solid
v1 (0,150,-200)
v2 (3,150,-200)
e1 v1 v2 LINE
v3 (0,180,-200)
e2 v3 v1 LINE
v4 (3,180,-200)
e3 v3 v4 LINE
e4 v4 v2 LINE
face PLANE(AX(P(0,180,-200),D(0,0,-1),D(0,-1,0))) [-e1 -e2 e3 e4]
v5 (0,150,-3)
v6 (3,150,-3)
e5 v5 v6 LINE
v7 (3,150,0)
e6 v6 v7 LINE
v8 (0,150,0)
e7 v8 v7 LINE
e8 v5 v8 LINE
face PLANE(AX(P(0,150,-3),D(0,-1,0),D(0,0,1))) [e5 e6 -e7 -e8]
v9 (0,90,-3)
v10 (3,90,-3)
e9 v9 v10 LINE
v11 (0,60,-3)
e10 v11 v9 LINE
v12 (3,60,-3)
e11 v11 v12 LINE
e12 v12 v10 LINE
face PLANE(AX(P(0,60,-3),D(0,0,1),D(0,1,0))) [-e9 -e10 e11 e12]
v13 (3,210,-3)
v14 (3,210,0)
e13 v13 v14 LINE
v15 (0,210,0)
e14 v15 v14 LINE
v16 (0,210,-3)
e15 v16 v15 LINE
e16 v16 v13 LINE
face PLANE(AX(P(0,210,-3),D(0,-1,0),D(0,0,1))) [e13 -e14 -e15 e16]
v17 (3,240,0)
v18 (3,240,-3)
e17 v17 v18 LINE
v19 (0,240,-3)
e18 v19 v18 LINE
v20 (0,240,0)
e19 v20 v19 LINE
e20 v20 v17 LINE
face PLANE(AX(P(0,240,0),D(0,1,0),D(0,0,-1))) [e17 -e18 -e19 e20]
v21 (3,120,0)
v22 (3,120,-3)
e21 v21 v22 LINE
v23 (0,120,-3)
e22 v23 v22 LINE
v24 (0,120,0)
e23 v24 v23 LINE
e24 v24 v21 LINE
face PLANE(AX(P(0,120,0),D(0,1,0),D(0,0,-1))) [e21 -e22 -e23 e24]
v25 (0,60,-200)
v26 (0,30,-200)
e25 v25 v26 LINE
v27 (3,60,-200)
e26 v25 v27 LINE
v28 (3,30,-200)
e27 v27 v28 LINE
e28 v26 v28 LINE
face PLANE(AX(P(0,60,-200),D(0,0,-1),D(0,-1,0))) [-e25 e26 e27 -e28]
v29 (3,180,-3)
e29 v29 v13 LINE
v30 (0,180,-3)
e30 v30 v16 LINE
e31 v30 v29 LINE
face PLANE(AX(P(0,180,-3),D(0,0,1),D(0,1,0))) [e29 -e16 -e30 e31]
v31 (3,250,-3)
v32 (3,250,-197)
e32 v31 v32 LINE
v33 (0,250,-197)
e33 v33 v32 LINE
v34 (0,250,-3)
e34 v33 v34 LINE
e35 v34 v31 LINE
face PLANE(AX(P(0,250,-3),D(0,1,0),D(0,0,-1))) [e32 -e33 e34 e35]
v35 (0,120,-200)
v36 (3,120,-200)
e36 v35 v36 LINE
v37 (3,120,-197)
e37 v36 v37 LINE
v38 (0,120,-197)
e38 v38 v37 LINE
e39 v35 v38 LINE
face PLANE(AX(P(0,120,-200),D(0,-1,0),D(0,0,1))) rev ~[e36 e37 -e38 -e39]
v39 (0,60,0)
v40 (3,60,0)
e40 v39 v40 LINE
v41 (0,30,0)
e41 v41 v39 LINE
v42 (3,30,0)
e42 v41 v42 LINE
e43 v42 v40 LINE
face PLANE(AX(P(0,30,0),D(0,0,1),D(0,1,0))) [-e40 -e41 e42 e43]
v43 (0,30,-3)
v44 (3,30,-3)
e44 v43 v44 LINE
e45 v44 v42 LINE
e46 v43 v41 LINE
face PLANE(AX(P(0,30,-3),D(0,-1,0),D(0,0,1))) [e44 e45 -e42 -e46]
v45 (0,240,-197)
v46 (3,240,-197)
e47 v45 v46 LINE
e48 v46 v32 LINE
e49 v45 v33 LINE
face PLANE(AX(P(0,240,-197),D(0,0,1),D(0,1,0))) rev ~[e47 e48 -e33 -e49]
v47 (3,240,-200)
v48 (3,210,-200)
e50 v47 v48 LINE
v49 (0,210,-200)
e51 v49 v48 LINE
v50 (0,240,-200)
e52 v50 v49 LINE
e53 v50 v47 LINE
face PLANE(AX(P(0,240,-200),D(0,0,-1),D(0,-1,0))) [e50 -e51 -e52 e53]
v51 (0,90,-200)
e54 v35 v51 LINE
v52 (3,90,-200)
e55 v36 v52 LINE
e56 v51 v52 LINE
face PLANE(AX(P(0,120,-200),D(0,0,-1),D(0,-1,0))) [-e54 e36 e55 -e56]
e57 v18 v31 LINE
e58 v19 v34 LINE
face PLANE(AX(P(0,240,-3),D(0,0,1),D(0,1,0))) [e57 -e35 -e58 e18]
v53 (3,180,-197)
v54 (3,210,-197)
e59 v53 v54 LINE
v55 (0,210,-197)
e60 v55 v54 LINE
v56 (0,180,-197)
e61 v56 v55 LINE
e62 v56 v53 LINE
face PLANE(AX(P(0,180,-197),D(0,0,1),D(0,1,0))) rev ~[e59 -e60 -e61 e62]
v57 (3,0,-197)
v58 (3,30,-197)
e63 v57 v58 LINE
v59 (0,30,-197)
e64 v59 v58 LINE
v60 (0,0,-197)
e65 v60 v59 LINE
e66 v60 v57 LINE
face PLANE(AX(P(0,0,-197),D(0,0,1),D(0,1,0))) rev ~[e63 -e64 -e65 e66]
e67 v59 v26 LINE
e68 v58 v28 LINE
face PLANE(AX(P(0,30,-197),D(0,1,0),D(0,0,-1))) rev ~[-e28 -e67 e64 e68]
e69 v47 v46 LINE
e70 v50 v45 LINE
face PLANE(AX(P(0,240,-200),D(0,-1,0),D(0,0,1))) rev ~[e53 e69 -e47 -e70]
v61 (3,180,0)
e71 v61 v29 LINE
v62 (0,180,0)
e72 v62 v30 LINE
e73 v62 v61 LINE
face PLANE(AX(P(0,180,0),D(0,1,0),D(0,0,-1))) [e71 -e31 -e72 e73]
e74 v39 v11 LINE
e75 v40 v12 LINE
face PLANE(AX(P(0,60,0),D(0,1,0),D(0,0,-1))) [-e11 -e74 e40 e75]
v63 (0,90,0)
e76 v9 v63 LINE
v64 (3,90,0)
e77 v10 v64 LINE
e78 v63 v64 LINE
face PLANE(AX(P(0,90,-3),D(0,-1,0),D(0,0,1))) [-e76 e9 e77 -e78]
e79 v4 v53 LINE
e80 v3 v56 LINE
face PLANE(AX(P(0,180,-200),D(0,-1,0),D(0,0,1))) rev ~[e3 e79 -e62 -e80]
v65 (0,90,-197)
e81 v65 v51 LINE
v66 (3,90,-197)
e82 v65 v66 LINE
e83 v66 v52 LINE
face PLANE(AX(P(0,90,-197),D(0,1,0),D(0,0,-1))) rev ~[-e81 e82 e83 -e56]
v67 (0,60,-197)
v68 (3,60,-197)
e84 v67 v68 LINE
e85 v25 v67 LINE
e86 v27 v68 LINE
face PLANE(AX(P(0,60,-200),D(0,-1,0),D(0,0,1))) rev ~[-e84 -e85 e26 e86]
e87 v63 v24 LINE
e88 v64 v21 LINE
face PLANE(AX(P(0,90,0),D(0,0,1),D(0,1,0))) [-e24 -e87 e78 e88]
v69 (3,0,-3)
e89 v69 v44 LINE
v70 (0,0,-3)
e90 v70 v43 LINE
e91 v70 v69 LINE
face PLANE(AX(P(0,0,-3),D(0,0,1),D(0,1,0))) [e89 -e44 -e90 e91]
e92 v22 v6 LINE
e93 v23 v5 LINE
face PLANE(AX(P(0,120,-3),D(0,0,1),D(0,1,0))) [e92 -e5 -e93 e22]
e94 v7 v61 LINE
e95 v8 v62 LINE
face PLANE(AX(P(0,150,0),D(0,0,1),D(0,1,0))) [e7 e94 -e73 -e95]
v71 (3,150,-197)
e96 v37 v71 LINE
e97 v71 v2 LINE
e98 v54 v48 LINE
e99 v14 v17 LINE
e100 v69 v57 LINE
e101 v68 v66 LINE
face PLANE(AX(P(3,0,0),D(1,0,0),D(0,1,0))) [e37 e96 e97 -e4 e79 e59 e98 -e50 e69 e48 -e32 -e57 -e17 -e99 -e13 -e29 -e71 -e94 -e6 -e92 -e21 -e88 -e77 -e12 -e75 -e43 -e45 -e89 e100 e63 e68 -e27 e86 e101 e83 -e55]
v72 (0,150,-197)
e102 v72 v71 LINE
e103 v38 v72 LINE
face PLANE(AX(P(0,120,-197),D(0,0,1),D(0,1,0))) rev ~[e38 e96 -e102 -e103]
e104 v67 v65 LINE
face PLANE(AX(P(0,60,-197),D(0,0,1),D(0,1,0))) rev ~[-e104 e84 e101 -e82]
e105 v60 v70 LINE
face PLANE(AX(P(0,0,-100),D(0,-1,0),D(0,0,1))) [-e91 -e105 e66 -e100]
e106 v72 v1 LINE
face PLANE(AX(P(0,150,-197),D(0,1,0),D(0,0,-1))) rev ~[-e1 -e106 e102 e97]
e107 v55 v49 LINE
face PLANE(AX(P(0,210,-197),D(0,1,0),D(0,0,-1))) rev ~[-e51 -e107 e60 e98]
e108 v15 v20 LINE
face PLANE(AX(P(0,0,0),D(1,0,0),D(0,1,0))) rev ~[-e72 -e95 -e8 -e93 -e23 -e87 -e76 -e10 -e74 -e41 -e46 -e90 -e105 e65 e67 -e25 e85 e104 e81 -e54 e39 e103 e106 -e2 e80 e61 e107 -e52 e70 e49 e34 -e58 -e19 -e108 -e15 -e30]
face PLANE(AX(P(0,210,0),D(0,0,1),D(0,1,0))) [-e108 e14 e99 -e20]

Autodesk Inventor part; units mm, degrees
ref_plane "YZ Plane" through (0, 0, 0) normal (1, 0, 0) x (0, 1, 0)
ref_plane "XZ Plane" through (0, 0, 0) normal (0, 1, 0) x (-1, 0, 0)
ref_plane "XY Plane" through (0, 0, 0) normal (0, 0, 1) x (1, 0, 0)
sketch "Sketch2" plane through (0, 0, 0) normal (1, 0, 0) x (0, 1, 0)
  line L0 (250, 0) -> (250, -200)
  line L1 (250, -200) -> (0, -200)
  line L2 (0, -200) -> (0, 0)
  line L3 (0, 0) -> (0, -3)
  line L4 (0, -3) -> (30, -3)
  line L5 (30, -3) -> (30, 0)
  line L6 (30, 0) -> (60, 0)
  line L7 (60, 0) -> (60, -3)
  line L8 (60, -3) -> (90, -3)
  line L9 (90, -3) -> (90, 0)
  line L10 (90, 0) -> (120, 0)
  line L11 (120, 0) -> (120, -3)
  line L12 (120, -3) -> (150, -3)
  line L13 (150, -3) -> (150, 0)
  line L14 (150, 0) -> (180, 0)
  line L15 (180, 0) -> (180, -3)
  line L16 (180, -3) -> (210, -3)
  line L17 (210, -3) -> (210, 0)
  line L18 (210, 0) -> (240, 0)
  line L19 (240, 0) -> (240, -3)
  line L20 (240, -3) -> (250, -3)
  line L21 (0, -100) -> (250, -100)
  line L22 (0, -197) -> (30, -197)
  line L23 (30, -197) -> (30, -200)
  line L24 (30, -200) -> (60, -200)
  line L25 (60, -200) -> (60, -197)
  line L26 (60, -197) -> (90, -197)
  line L27 (90, -197) -> (90, -200)
  line L28 (90, -200) -> (120, -200)
  line L29 (120, -200) -> (120, -197)
  line L30 (120, -197) -> (150, -197)
  line L31 (150, -197) -> (150, -200)
  line L32 (150, -200) -> (180, -200)
  line L33 (180, -200) -> (180, -197)
  line L34 (180, -197) -> (210, -197)
  line L35 (210, -197) -> (210, -200)
  line L36 (210, -200) -> (240, -200)
  line L37 (240, -200) -> (240, -197)
  line L38 (240, -197) -> (250, -197)
  dimension "d44" = 200
  dimension "d45" = 250
  dimension "d46" = 3
  dimension "d47" = 30
  dimension "d48" = 3
  dimension "d49" = 30
  dimension "d50" = 3
  dimension "d51" = 30
  dimension "d52" = 3
  dimension "d53" = 30
  dimension "d54" = 3
  dimension "d55" = 30
  dimension "d56" = 3
  dimension "d57" = 30
  dimension "d58" = 3
  dimension "d59" = 30
  dimension "d60" = 3
  dimension "d61" = 30
  dimension "d62" = 3
  dimension "d63" = 10
  dimension "d64" = 90
extrude "Extrusion2" add sketch "Sketch2" along normal blind 3 contours L0 L21 L2 L4 L5 L6 L7 L8 L9 L10 L11 L12 L13 L14 L15 L16 L17 L18 L19 L20 | L0 L38 L37 L1 L35 L34 L33 L31 L30 L29 L27 L26 L25 L23 L22 L2 L21
properties part number "Q side 2" material "ABS Plastic"
